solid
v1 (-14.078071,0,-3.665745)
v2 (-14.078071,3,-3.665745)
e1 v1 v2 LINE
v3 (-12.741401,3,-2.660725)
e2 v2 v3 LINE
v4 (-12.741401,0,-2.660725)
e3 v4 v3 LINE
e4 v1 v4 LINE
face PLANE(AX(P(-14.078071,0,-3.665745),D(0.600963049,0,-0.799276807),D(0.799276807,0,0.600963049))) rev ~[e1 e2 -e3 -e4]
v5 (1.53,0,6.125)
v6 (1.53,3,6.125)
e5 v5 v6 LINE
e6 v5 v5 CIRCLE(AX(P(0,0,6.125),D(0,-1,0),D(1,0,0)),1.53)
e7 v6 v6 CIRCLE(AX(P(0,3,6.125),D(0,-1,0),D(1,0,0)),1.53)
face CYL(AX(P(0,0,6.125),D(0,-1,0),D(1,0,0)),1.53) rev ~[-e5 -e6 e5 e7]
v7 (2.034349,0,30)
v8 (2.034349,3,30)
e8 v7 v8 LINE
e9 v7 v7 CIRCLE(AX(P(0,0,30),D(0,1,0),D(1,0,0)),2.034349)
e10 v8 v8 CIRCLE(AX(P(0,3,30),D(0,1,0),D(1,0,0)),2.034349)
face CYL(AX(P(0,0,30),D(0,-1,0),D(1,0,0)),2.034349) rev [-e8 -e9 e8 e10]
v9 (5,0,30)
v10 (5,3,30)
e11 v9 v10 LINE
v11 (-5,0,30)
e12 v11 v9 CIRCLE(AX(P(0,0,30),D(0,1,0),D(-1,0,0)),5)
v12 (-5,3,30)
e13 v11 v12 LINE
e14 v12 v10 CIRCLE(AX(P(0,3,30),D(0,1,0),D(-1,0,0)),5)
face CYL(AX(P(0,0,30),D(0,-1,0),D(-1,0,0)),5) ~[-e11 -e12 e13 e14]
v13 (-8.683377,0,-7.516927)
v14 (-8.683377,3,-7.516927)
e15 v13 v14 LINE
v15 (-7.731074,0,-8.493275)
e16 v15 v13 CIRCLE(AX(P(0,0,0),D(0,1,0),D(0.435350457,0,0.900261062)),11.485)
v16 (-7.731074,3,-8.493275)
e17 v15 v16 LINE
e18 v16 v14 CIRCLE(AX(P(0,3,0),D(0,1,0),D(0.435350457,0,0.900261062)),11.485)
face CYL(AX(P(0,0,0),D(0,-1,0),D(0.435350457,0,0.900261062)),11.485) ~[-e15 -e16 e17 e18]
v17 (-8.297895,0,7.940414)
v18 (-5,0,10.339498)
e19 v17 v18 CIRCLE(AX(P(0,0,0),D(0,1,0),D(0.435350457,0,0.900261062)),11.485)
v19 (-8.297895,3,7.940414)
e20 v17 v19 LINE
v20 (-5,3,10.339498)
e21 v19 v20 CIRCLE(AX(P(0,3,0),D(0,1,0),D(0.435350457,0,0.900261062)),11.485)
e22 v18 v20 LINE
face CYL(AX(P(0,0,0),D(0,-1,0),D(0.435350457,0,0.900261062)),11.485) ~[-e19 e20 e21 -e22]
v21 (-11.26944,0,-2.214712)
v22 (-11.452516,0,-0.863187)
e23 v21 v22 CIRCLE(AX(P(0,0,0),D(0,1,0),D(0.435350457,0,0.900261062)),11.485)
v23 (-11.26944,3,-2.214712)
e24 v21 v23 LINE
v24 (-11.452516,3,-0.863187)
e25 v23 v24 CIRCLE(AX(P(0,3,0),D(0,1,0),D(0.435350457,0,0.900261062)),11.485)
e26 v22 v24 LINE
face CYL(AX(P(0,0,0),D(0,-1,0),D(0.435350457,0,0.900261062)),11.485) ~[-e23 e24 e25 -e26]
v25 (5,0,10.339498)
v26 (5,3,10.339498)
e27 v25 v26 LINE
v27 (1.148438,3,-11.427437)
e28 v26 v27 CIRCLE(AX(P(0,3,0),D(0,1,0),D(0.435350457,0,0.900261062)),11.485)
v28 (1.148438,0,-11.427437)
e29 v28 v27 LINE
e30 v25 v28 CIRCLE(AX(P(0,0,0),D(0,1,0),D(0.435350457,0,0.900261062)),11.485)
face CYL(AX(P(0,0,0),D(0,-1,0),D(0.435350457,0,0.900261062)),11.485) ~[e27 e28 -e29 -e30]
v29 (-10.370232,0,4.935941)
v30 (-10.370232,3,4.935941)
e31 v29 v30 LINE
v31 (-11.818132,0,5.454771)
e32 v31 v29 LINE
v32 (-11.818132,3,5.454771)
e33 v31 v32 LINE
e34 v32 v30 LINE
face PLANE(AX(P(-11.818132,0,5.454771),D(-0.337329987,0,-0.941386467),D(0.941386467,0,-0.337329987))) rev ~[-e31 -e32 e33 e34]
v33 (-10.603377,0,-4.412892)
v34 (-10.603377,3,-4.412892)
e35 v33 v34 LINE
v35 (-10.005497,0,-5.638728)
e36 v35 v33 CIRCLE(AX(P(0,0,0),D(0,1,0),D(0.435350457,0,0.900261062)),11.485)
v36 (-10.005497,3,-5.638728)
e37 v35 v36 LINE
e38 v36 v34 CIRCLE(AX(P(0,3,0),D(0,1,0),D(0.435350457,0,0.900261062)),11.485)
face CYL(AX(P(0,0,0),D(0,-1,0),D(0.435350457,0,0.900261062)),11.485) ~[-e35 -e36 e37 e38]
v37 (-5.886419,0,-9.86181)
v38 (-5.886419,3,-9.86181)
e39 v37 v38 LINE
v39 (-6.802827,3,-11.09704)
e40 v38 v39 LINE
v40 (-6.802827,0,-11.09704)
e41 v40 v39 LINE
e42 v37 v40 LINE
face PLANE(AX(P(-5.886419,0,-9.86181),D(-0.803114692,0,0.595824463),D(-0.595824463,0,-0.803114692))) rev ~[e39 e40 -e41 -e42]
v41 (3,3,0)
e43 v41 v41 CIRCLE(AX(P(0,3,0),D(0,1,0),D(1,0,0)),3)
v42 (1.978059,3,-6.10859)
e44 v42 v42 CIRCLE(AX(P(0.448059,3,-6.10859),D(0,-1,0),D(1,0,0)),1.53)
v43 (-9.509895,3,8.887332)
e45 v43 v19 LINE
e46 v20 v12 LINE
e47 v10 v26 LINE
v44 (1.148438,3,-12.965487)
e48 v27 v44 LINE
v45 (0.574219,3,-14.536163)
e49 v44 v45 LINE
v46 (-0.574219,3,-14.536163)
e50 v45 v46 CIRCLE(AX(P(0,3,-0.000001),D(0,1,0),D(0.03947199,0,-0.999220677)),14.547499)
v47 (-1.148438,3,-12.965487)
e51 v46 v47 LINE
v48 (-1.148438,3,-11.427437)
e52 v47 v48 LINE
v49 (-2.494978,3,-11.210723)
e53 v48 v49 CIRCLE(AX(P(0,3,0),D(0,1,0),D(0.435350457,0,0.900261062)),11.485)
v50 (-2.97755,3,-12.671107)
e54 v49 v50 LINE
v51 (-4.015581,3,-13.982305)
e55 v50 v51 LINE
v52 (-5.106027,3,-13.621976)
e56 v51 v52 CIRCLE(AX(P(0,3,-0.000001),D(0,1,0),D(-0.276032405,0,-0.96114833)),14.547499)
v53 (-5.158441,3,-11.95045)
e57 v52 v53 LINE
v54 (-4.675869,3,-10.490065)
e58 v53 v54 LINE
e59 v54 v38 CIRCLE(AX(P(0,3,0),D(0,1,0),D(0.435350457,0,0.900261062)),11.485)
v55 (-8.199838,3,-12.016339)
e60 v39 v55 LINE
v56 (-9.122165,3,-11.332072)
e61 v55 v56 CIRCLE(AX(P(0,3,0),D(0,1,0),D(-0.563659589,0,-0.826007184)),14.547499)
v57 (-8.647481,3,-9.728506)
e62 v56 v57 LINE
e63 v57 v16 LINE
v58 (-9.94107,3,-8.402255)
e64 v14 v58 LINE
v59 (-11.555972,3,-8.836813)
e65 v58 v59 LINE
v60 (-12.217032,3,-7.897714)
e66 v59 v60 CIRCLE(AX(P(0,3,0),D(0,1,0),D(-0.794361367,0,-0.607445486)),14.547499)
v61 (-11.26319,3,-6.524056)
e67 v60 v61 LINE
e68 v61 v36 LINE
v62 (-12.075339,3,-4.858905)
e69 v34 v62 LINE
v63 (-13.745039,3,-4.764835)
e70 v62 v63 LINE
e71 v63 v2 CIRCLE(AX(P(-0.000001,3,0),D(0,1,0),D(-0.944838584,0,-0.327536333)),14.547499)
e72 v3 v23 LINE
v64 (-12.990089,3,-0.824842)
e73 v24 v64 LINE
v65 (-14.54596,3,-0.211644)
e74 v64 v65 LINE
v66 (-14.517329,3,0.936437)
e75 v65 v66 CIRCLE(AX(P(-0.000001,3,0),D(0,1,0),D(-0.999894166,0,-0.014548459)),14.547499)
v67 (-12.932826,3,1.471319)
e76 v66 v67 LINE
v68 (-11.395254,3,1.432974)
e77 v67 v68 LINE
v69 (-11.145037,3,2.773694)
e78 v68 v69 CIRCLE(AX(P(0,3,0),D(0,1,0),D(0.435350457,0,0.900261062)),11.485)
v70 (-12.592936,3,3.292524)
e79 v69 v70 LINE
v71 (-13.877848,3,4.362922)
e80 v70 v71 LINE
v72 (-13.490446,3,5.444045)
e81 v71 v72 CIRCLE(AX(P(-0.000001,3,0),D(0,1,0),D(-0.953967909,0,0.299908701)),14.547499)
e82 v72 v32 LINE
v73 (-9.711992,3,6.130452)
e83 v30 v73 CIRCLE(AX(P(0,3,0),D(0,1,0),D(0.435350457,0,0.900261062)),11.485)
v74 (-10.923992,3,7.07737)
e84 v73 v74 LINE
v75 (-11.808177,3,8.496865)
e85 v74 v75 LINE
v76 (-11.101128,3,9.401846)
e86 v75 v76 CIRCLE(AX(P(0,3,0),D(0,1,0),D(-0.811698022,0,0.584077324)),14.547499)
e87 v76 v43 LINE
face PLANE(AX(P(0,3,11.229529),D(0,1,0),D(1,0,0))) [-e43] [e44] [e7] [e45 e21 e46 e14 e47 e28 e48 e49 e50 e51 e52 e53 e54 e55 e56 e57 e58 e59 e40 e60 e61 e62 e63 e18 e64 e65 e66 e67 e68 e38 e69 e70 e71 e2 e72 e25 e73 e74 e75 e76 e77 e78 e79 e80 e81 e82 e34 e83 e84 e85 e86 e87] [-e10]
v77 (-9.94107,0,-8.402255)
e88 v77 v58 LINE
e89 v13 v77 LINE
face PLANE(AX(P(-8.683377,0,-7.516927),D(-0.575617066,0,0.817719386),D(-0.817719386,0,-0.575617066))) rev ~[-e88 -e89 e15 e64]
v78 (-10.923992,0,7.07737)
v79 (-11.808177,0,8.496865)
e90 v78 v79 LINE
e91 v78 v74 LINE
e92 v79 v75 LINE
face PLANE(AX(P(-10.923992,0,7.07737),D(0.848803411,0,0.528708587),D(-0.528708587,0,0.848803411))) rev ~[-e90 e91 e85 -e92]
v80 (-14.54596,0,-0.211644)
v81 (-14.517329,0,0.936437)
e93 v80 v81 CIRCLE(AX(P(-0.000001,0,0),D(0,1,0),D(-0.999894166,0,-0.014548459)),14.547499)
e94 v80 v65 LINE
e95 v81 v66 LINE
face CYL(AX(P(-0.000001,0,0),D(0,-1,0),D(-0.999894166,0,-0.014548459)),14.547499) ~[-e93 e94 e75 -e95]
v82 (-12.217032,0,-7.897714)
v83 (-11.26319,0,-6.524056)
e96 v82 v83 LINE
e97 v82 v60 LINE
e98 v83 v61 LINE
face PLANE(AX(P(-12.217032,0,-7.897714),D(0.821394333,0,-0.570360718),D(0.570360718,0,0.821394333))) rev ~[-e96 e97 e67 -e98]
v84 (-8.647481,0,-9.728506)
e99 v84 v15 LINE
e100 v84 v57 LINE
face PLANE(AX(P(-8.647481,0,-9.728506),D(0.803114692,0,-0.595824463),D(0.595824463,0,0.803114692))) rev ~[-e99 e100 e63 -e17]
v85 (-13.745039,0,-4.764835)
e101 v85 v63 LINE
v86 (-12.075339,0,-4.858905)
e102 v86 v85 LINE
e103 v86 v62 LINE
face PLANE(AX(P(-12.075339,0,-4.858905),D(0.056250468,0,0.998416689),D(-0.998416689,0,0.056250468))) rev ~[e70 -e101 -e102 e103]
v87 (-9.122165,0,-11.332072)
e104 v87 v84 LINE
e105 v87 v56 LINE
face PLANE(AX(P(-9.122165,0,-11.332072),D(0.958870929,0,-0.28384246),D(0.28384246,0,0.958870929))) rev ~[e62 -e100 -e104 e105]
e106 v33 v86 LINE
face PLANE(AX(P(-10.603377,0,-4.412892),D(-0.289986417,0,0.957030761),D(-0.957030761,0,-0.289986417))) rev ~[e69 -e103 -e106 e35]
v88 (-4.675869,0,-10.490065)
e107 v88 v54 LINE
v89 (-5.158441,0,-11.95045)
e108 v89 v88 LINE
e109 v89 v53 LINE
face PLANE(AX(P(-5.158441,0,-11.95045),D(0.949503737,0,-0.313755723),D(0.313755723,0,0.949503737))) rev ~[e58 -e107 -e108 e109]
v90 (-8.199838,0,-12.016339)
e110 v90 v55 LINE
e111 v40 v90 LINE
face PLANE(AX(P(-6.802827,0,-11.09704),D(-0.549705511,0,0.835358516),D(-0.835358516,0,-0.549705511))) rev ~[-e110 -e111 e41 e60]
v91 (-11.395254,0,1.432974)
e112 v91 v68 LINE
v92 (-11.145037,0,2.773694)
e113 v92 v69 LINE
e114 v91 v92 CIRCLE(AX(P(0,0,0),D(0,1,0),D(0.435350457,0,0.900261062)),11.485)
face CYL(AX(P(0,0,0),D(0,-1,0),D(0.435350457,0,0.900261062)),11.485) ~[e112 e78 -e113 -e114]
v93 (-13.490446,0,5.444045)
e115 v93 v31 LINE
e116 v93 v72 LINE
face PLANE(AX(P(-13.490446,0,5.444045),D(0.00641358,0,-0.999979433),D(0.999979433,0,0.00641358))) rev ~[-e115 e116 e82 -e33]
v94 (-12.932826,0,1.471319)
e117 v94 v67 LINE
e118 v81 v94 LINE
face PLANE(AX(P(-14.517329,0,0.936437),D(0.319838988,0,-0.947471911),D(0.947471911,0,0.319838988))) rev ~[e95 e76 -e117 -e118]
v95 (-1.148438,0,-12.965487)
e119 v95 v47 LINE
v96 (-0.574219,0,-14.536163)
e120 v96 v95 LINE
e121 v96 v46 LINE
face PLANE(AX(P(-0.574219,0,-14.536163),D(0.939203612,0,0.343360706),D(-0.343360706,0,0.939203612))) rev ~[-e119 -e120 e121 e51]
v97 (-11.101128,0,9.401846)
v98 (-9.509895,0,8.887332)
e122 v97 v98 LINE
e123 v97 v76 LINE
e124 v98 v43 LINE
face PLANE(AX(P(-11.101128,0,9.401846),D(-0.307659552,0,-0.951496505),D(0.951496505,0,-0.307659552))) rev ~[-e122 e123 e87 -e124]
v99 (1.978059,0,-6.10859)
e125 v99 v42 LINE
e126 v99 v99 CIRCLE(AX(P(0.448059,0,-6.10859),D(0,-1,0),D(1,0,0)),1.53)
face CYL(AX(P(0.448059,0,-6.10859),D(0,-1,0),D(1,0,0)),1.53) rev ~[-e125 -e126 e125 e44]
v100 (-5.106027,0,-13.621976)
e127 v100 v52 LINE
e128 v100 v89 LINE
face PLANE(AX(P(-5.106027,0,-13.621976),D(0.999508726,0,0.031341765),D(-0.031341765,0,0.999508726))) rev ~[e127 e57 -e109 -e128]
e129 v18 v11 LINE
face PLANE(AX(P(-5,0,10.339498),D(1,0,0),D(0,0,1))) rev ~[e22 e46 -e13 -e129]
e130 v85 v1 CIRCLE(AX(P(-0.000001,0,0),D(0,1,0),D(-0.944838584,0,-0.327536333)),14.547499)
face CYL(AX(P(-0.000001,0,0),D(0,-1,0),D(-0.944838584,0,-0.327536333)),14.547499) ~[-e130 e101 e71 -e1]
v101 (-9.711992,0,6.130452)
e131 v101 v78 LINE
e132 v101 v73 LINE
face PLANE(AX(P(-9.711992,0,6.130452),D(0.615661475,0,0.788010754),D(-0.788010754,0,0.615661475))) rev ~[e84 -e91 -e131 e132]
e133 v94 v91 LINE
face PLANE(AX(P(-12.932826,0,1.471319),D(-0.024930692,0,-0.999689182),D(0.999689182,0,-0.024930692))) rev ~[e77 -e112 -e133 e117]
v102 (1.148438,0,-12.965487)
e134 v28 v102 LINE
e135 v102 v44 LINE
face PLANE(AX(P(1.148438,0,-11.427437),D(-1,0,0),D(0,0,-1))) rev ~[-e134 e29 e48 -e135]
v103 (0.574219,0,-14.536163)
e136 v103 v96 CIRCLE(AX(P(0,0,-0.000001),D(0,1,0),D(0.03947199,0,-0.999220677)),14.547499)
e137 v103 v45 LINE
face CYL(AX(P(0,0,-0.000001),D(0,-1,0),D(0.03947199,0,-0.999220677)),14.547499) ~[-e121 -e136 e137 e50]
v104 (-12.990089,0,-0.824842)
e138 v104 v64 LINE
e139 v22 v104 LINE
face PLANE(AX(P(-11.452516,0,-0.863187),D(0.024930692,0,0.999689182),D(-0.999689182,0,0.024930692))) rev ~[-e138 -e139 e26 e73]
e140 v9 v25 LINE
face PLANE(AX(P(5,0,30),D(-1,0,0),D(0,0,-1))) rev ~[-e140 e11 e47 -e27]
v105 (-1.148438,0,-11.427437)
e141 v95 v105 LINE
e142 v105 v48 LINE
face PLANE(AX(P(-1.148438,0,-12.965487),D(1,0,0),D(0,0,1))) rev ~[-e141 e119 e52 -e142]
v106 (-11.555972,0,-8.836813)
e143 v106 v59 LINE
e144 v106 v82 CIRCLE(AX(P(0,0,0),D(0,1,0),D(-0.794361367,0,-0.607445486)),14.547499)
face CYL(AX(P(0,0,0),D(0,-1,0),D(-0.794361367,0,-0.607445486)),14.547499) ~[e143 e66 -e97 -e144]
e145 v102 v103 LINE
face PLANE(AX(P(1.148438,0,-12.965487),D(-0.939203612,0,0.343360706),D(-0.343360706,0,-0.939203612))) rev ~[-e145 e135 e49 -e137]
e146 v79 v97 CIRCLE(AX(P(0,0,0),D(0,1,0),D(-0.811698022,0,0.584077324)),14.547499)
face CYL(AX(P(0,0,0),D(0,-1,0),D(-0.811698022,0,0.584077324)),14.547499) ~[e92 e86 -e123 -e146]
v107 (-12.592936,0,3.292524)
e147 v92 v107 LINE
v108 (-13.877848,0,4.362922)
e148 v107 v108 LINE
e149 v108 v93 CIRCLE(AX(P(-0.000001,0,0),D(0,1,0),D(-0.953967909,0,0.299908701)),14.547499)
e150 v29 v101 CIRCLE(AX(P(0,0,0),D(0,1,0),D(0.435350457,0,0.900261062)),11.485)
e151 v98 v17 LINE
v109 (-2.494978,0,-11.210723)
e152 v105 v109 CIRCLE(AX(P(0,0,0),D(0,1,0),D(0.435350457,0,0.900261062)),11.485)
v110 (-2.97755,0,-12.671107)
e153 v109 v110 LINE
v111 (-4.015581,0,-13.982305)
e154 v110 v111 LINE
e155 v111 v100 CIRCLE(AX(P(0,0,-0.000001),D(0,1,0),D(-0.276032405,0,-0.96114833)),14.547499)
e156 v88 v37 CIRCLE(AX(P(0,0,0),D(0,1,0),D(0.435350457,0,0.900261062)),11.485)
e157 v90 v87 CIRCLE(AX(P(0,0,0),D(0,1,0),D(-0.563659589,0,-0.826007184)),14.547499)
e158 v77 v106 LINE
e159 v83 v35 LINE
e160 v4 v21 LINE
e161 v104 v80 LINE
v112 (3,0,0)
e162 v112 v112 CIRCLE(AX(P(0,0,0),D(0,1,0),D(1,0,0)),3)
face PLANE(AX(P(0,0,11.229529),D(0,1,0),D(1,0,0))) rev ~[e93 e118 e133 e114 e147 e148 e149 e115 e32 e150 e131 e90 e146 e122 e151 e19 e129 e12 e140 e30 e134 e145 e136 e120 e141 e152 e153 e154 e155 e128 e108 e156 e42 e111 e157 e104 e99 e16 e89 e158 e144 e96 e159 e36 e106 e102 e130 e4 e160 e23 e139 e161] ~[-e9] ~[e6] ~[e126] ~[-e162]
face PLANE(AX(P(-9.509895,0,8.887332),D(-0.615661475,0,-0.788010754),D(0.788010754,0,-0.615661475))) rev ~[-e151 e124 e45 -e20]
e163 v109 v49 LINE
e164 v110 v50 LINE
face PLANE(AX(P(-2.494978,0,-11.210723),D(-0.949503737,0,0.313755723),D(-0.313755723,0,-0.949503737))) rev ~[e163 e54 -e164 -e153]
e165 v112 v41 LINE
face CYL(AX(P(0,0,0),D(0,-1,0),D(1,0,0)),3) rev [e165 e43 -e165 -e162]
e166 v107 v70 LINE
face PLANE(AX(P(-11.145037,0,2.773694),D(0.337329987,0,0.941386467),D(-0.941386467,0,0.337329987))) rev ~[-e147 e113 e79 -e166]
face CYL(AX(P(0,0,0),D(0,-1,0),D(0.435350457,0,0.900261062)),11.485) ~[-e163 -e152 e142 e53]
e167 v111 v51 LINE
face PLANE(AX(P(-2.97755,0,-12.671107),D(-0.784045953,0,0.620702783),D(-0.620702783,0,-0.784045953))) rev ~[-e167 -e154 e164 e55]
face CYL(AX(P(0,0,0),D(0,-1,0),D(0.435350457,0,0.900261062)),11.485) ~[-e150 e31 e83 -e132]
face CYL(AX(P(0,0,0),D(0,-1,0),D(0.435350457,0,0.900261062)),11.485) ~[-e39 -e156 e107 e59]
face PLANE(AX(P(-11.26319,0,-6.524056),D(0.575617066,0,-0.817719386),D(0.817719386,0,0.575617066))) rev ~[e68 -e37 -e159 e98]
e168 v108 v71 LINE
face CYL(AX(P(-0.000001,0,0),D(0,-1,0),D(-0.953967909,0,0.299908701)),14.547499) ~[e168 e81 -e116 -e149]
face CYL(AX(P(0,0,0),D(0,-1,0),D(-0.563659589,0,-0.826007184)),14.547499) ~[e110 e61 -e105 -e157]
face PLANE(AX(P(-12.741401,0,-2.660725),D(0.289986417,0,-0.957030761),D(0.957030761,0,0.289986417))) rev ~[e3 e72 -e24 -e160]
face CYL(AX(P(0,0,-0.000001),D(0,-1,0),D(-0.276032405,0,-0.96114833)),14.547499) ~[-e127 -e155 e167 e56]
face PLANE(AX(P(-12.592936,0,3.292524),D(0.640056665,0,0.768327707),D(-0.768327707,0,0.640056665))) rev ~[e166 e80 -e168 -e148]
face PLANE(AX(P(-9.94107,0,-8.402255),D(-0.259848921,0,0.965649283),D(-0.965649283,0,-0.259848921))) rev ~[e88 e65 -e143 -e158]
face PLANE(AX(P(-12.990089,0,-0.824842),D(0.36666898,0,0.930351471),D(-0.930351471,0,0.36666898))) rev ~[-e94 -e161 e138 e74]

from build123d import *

# Parameters (mm, degrees)
CROQUIS1_R              = 2.034348523
CROQUIS1_R_2            = 3
SALIENTE_EXTRUIR1_DEPTH = 3
SALIENTE_EXTRUIR2_DEPTH = 3
MATRIZC1_COUNT          = 8
MATRIZC1_ANGLE          = 128
CROQUIS4_R              = 1.53
CORTAR_EXTRUIR1_DEPTH   = 10


with BuildPart() as part:
    # Croquis1 → Saliente-Extruir1 (new body)
    with BuildSketch(Plane(origin=(0, 0, 0), x_dir=(1, 0, 0), z_dir=(0, 1, 0))):
        with BuildLine():
            Line((-5, -10.339498295), (-5, -30))
            ThreePointArc((-5, -30), (0, -35), (5, -30))
            Line((5, -30), (5, -10.339498295))
            ThreePointArc((5, -10.339498295), (0, 11.485), (-5, -10.339498295))
        make_face()
        with Locations((0, -30)):
            Circle(CROQUIS1_R, mode=Mode.SUBTRACT)
        Circle(CROQUIS1_R_2, mode=Mode.SUBTRACT)
    extrude(amount=SALIENTE_EXTRUIR1_DEPTH)

    # Croquis3 → Saliente-Extruir2 (add)
    with BuildSketch(Plane(origin=(0, 0, 0), x_dir=(1, 0, 0), z_dir=(0, 1, 0))):
        with BuildLine():
            Line((-1.1484375, 12.965487086), (-1.1484375, 11.427436996))
            ThreePointArc((-1.1484375, 11.427436996), (0, 11.485), (1.1484375, 11.427436996))
            Line((1.1484375, 11.427436996), (1.1484375, 12.965487086))
            Line((1.1484375, 12.965487086), (0.57421875, 14.536162804))
            ThreePointArc((0.57421875, 14.536162804), (0, 14.5475), (-0.57421875, 14.536162804))
            Line((-0.57421875, 14.536162804), (-1.1484375, 12.965487086))
        make_face()
    saliente_extruir2 = extrude(amount=SALIENTE_EXTRUIR2_DEPTH)

    # MatrizC1: Saliente-Extruir2 ×8 about axis
    matrizc1_axis = Axis((0, 0, 0), (0, 1, 0))
    for i in range(1, MATRIZC1_COUNT):
        add(saliente_extruir2.rotate(matrizc1_axis, i * MATRIZC1_ANGLE / (MATRIZC1_COUNT - 1)))

    # Croquis4 → Cortar-Extruir1 (cut)
    with BuildSketch(Plane.XZ):
        with Locations((0.448059245, -6.108589683)):
            Circle(CROQUIS4_R)
        with Locations((0, 6.125)):
            Circle(CROQUIS4_R)
    extrude(amount=-CORTAR_EXTRUIR1_DEPTH, mode=Mode.SUBTRACT)


solid = part.part
